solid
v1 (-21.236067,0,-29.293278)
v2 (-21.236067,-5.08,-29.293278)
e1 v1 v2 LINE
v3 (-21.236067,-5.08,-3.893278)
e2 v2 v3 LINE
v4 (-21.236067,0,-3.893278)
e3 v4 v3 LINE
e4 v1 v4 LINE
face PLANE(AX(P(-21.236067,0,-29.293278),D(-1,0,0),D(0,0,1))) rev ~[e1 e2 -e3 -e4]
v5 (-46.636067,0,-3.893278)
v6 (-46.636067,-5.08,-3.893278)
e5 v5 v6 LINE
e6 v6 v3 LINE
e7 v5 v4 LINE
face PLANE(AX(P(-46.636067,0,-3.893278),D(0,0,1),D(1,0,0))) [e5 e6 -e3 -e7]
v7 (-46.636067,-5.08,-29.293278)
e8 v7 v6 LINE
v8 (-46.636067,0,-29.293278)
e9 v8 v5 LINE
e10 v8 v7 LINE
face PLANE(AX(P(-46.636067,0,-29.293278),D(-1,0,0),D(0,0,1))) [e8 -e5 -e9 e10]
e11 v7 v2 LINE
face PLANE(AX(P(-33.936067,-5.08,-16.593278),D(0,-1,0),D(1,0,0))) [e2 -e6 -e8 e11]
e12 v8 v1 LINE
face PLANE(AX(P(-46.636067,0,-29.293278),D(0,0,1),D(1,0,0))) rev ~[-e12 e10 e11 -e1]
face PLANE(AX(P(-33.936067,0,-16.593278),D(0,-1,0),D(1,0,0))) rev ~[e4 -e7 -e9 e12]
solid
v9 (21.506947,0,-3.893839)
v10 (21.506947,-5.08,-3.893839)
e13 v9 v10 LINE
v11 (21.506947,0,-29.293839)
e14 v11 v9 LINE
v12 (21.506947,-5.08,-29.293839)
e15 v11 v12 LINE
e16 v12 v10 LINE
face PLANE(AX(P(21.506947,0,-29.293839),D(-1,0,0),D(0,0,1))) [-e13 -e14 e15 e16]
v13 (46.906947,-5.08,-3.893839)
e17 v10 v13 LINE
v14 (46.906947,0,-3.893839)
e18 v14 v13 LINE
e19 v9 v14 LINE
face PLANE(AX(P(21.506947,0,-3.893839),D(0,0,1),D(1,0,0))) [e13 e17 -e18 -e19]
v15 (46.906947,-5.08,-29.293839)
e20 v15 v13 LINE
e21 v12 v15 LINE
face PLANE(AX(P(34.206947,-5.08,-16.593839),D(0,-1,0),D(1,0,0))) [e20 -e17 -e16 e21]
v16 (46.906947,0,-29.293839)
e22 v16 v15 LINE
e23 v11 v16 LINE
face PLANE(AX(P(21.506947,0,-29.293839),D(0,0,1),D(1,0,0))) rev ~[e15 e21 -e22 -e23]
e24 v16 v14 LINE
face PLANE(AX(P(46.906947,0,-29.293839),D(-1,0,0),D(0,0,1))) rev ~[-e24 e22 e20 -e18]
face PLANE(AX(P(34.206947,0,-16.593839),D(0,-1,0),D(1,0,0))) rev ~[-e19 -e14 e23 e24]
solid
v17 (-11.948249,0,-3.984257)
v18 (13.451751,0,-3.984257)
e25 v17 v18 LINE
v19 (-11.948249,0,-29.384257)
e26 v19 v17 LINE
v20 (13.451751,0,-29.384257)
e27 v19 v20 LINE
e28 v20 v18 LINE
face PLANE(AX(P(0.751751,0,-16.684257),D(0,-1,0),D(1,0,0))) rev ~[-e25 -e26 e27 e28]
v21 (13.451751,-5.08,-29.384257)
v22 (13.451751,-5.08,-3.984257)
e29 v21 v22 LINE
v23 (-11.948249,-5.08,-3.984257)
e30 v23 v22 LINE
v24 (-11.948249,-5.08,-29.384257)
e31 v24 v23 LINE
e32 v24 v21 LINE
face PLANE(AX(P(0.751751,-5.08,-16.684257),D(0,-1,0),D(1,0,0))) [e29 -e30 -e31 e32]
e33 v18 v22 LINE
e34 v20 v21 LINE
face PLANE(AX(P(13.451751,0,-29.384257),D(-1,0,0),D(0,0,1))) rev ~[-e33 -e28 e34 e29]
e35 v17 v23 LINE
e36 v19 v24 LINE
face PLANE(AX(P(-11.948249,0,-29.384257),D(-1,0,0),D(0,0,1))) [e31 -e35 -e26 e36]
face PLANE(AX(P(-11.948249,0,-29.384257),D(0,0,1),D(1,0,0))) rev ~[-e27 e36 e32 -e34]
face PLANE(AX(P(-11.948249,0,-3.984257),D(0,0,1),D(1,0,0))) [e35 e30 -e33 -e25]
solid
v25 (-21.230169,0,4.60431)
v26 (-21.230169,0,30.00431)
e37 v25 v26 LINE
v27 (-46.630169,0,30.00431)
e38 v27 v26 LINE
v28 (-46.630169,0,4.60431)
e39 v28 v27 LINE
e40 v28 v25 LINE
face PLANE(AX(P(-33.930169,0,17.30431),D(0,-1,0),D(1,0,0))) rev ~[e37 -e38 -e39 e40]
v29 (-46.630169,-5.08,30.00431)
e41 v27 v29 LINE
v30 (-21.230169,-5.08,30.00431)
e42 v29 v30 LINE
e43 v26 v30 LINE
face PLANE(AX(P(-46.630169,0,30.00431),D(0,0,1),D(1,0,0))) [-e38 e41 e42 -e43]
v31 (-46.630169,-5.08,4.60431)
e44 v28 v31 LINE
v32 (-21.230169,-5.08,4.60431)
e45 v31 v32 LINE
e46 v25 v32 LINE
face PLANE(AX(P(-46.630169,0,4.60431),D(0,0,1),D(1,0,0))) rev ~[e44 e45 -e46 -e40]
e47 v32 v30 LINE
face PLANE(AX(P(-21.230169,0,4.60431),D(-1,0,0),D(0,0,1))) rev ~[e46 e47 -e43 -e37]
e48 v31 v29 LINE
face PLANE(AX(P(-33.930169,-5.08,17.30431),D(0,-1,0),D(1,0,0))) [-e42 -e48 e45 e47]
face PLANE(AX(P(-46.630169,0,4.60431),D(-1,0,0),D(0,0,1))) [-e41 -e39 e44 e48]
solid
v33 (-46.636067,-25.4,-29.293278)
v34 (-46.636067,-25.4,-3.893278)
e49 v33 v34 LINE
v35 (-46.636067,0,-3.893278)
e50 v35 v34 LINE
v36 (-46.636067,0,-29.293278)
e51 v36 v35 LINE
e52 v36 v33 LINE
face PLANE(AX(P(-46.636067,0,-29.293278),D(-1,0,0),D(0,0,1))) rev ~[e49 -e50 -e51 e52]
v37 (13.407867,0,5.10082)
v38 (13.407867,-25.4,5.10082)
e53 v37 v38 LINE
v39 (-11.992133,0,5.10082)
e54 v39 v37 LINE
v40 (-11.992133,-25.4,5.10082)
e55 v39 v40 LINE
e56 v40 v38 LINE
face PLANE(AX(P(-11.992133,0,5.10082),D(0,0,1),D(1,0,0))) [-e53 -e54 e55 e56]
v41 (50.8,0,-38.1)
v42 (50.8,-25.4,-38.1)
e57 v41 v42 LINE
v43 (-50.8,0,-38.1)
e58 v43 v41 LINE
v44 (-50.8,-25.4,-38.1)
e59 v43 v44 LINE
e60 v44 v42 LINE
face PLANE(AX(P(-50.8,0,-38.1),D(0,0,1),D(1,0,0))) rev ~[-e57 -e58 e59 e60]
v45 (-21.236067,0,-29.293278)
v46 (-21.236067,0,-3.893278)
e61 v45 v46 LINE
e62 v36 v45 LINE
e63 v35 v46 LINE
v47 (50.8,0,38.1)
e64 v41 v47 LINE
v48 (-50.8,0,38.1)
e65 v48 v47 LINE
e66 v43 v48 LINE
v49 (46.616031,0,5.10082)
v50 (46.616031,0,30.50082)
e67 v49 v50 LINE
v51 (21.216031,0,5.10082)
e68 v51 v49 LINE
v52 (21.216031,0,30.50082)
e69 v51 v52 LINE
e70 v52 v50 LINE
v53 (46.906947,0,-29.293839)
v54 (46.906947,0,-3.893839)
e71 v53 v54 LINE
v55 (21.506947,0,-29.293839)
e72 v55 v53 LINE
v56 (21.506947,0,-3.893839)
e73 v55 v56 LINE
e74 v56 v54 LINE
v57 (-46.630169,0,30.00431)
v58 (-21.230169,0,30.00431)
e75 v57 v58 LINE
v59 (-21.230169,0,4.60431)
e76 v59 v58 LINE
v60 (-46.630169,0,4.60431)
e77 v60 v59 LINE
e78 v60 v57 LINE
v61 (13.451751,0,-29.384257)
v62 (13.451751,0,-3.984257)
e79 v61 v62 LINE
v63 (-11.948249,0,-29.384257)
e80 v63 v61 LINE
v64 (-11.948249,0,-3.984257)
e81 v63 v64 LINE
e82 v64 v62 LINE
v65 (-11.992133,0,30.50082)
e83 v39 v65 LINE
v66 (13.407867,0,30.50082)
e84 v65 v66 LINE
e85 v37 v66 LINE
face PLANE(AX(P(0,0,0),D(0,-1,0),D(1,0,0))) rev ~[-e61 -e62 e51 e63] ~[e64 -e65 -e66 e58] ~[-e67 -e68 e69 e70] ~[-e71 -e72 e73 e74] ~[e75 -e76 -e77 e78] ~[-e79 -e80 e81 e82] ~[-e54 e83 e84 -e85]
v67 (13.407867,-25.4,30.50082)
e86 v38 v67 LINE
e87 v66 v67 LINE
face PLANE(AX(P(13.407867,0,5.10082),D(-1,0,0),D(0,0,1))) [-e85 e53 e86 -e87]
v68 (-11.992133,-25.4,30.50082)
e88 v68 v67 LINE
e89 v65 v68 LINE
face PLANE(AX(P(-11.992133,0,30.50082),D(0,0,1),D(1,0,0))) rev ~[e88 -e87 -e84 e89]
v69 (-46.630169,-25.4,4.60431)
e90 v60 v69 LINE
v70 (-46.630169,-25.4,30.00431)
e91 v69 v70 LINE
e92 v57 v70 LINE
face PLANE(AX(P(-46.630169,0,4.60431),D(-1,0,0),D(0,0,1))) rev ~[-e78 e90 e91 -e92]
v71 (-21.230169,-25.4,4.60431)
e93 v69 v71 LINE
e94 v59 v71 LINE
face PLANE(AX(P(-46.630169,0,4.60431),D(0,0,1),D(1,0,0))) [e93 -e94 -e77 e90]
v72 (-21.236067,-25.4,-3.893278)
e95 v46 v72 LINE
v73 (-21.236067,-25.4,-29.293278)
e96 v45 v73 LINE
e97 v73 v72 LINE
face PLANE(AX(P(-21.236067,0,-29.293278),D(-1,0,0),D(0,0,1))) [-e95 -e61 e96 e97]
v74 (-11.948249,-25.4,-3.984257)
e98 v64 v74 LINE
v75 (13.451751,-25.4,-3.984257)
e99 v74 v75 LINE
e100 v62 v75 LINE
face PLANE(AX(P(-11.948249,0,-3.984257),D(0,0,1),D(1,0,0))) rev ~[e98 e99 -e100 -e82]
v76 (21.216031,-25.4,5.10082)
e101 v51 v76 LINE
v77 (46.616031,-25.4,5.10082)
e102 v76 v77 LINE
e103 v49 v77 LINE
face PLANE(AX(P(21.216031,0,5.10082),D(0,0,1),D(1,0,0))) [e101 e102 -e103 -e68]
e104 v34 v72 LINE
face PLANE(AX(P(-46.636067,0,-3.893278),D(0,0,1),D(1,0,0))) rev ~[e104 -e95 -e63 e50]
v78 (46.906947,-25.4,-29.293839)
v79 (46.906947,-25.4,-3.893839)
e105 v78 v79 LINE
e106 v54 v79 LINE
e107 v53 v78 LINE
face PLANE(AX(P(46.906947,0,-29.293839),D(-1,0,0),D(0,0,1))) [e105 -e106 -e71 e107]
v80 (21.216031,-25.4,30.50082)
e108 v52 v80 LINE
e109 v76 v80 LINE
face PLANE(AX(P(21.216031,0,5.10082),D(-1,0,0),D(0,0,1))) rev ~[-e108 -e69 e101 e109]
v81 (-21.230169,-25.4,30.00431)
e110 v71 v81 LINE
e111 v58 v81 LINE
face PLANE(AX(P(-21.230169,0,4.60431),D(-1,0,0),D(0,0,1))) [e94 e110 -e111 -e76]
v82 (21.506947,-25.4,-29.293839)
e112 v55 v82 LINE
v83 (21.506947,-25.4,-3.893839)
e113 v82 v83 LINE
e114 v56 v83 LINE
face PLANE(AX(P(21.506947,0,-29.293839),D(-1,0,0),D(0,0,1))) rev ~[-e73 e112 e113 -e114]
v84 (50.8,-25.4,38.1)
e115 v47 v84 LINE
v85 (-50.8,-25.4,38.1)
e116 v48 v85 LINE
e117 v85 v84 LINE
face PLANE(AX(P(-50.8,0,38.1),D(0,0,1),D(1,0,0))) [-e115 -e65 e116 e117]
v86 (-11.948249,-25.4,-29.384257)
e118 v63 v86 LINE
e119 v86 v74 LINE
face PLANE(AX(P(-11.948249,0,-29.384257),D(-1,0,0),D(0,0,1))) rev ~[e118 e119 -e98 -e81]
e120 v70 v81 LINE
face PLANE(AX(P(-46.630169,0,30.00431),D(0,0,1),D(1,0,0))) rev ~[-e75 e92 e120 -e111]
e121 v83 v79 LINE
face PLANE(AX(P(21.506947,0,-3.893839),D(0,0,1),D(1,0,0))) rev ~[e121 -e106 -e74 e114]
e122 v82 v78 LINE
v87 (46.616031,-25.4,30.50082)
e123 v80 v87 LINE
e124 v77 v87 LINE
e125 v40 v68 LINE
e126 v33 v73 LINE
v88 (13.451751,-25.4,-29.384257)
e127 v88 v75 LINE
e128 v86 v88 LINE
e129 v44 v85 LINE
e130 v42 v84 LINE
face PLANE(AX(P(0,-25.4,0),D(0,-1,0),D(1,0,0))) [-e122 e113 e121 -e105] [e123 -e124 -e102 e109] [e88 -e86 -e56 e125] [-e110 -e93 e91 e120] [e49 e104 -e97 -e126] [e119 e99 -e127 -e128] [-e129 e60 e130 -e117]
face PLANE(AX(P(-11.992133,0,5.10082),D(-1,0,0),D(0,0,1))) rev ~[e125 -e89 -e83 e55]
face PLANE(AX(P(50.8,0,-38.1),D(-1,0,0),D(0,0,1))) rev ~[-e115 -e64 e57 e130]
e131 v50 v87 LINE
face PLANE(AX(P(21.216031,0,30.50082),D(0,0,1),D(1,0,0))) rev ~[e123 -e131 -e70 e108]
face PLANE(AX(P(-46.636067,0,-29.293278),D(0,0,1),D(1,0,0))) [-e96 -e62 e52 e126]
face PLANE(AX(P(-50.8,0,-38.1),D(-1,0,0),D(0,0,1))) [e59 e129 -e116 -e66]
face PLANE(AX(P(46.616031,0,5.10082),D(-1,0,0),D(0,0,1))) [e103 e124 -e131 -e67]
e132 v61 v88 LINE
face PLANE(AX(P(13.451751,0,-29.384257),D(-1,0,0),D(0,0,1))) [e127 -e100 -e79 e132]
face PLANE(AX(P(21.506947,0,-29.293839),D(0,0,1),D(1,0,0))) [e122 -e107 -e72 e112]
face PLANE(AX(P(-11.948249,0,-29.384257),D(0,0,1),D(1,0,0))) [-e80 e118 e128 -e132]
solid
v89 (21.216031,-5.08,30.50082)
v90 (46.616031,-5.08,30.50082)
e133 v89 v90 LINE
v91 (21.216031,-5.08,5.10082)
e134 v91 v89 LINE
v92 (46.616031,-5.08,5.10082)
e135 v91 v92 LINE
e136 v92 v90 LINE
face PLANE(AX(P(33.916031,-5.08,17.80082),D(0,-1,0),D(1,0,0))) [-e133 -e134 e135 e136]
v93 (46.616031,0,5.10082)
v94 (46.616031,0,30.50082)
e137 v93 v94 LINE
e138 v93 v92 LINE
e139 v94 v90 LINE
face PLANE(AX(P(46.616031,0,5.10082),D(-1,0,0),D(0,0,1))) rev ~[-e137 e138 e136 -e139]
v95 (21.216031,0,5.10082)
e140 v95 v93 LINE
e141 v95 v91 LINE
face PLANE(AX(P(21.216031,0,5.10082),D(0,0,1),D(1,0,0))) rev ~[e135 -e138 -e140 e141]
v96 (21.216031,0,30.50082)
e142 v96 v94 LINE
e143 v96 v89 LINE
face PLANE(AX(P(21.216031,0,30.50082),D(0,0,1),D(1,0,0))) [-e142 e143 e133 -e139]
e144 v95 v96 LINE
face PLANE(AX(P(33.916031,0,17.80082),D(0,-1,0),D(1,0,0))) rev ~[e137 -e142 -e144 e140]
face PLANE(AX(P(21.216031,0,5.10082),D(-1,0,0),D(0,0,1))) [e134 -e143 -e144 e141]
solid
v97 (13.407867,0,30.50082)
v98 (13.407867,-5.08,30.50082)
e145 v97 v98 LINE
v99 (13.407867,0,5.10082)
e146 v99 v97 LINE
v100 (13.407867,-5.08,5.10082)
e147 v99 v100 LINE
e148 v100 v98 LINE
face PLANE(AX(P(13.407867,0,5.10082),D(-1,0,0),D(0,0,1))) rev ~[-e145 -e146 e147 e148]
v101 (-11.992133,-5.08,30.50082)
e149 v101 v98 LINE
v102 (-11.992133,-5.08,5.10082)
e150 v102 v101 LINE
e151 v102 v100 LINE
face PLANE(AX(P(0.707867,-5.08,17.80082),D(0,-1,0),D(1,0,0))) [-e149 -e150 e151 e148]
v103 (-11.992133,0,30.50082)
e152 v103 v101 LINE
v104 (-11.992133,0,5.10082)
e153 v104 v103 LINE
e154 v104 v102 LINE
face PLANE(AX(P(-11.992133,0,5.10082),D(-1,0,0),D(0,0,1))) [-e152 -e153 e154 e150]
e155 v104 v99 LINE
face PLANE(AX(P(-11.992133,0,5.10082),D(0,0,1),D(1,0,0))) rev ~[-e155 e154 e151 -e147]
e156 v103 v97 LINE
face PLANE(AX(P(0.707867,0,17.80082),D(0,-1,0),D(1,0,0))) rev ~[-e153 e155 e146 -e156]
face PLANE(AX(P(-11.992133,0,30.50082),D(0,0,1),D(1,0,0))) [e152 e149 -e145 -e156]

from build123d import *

# Parameters (mm, degrees)
F0_W     = 101.6
F0_H     = 76.2
F0_W_2   = 25.4
F0_H_2   = 25.4
F1_DEPTH = 25.4
F2_DEPTH = 5.08


with BuildPart() as f1:
    # F0 (on Front) → F1 (new body)
    with BuildSketch(Plane.XZ):
        Rectangle(F0_W, F0_H)
        with Locations((-33.936067, -16.593278)):
            Rectangle(F0_W_2, F0_H_2, mode=Mode.SUBTRACT)
        with Locations((0.751751, -16.684257)):
            Rectangle(F0_W_2, F0_H_2, mode=Mode.SUBTRACT)
        with Locations((34.206947, -16.593839)):
            Rectangle(F0_W_2, F0_H_2, mode=Mode.SUBTRACT)
        with Locations((-33.930169, 17.30431)):
            Rectangle(F0_W_2, F0_H_2, mode=Mode.SUBTRACT)
        with Locations((0.707867, 17.80082)):
            Rectangle(F0_W_2, F0_H_2, mode=Mode.SUBTRACT)
        with Locations((33.916031, 17.80082)):
            Rectangle(F0_W_2, F0_H_2, mode=Mode.SUBTRACT)
    extrude(amount=F1_DEPTH)


with BuildPart() as f2:
    # F0 (on Front) → F2 (new body)
    with BuildSketch(Plane.XZ):
        with Locations((-33.930169, 17.30431)):
            Rectangle(F0_W_2, F0_H_2)
        with Locations((0.707867, 17.80082)):
            Rectangle(F0_W_2, F0_H_2)
        with Locations((33.916031, 17.80082)):
            Rectangle(F0_W_2, F0_H_2)
        with Locations((34.206947, -16.593839)):
            Rectangle(F0_W_2, F0_H_2)
        with Locations((0.751751, -16.684257)):
            Rectangle(F0_W_2, F0_H_2)
        with Locations((-33.936067, -16.593278)):
            Rectangle(F0_W_2, F0_H_2)
    extrude(amount=F2_DEPTH)


solid = Compound([f1.part, f2.part])
